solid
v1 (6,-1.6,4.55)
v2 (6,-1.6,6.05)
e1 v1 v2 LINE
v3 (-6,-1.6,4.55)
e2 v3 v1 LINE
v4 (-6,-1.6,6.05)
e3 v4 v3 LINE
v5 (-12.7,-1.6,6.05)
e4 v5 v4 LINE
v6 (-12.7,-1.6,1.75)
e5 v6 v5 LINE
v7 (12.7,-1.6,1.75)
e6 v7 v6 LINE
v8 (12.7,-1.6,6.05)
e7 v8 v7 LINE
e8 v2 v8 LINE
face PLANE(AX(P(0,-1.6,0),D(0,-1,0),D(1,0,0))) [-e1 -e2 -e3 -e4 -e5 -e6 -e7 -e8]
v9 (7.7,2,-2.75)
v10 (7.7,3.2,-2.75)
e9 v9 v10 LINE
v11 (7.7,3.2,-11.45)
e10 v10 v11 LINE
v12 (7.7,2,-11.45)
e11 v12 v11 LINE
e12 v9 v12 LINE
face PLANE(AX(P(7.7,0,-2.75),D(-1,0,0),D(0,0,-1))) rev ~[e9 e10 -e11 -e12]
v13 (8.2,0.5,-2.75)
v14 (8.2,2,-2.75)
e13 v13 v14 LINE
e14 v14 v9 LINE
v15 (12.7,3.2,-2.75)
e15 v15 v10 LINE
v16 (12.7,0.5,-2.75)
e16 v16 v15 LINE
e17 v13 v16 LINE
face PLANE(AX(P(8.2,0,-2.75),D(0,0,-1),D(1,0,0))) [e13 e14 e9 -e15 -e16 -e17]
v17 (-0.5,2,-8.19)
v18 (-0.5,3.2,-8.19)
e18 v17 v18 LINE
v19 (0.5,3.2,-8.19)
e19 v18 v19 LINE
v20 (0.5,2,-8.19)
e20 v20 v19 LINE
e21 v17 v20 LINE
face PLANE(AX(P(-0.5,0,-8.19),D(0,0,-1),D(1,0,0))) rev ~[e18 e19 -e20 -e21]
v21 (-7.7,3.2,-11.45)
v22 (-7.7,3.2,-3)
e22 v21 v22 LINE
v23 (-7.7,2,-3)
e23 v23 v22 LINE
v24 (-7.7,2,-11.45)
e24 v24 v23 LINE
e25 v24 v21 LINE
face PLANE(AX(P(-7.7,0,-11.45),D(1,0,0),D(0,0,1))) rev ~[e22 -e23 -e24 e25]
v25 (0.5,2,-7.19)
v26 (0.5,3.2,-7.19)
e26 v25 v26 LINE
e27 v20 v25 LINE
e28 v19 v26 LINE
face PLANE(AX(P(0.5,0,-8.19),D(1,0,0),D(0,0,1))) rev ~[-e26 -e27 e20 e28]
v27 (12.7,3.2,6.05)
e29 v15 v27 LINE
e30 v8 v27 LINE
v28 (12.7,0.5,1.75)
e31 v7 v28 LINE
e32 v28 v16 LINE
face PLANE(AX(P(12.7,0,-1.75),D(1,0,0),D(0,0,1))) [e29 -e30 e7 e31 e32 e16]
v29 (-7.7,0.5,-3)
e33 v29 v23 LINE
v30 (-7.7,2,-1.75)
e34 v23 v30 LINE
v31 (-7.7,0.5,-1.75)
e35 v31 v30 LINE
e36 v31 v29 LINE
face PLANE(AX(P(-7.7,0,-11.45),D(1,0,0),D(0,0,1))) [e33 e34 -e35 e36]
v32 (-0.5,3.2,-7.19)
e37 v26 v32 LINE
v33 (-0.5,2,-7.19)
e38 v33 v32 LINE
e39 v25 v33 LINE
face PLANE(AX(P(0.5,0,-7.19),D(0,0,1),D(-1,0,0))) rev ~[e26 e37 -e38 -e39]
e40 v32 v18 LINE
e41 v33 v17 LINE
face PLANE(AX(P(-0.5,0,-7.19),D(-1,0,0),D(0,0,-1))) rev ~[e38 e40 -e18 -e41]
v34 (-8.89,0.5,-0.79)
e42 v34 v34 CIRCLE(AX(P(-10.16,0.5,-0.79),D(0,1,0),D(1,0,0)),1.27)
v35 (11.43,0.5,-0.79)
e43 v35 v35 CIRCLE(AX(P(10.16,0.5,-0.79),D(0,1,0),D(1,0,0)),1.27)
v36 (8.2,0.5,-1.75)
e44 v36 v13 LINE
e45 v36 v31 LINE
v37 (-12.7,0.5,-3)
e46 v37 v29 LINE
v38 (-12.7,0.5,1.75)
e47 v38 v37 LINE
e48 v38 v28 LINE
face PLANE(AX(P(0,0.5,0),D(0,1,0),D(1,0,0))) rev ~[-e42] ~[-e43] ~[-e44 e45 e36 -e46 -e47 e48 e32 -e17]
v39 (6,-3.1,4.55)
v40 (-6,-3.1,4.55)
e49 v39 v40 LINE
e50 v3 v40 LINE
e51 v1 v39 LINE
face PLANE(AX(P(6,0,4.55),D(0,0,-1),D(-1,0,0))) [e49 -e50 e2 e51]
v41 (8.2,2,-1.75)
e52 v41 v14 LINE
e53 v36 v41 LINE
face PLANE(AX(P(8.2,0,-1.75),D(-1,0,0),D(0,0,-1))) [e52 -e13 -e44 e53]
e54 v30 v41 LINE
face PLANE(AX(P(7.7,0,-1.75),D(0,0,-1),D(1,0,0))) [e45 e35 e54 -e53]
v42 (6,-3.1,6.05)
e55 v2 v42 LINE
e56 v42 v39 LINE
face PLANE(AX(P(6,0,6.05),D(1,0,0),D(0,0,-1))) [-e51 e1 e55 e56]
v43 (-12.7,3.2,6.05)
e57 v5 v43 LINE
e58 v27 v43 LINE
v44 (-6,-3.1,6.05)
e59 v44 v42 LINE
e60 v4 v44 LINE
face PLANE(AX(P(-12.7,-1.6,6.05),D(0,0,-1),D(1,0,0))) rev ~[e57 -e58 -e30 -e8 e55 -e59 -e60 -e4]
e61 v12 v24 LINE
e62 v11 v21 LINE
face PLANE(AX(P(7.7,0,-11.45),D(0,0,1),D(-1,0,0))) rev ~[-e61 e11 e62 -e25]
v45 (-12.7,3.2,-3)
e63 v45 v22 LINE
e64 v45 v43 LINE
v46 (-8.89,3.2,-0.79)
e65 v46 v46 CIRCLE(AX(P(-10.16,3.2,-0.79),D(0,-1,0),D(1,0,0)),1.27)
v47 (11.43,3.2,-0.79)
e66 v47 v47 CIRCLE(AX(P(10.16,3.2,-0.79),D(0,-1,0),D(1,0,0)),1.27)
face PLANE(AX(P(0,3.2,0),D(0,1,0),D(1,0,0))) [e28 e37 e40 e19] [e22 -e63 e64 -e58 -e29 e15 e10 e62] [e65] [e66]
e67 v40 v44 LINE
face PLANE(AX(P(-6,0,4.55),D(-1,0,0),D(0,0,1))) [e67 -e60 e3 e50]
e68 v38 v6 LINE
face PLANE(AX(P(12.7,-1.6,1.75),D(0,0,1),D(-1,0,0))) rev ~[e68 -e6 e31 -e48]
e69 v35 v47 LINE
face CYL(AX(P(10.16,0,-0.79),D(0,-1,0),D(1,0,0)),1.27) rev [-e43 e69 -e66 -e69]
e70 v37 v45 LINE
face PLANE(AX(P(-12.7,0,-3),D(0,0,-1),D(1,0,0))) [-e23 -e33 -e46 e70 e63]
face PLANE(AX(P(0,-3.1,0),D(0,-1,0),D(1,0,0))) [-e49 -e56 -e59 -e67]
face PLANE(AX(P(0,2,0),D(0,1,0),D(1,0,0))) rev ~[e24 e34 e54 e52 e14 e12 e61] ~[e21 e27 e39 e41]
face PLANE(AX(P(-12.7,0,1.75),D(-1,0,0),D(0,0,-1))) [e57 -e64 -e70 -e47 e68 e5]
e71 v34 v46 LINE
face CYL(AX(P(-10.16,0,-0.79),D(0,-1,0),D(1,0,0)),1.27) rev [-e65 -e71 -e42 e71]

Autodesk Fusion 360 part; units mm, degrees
sketch "board contact" plane through (0, 0, 0) normal (0, 1, 0) x (1, 0, 0)
  line L0 (12.7, -1.75) -> (-12.7, -1.75)
  line L1 (-12.7, -1.75) -> (-12.7, 1.75)
  line L2 (-12.7, 1.75) -> (12.7, 1.75)
  line L3 (12.7, 1.75) -> (12.7, -1.75)
  line L4 (61.7395, 0) -> (-97.655, 0) construction
  line L5 (0, -60.5274) -> (0, 48.7233) construction
  line L6 (8.2, 2.75) -> (12.7, 2.75)
  line L7 (12.7, 2.75) -> (12.7, 1.75)
  line L8 (12.7, 1.75) -> (8.2, 1.75)
  line L9 (8.2, 1.75) -> (8.2, 2.75)
  line L10 (-12.7, 3) -> (2.45, 3)
  line L11 (2.45, 3) -> (2.45, 1.75)
  line L12 (2.45, 1.75) -> (-12.7, 1.75)
  line L13 (-12.7, 1.75) -> (-12.7, 3)
  circle A0 centre (10.16, 0.79) radius 1.27
  circle A1 centre (-10.16, 0.79) radius 1.27
  line L14 (-10.16, 0.79) -> (10.16, 0.79) construction
  line L15 (2.45, 9.25) -> (-1.95, 9.25)
  line L16 (-1.95, 9.25) -> (-1.95, 3)
  line L17 (-1.95, 3) -> (2.45, 3)
  line L18 (2.45, 3) -> (2.45, 9.25)
  line L19 (0.5, 7.19) -> (-0.5, 7.19)
  line L20 (-0.5, 7.19) -> (-0.5, 8.19)
  line L21 (-0.5, 8.19) -> (0.5, 8.19)
  line L22 (0.5, 8.19) -> (0.5, 7.19)
  line L23 (7.7, 11.45) -> (-7.7, 11.45)
  line L24 (-7.7, 11.45) -> (-7.7, -1.75)
  line L25 (-7.7, -1.75) -> (7.7, -1.75)
  line L26 (7.7, -1.75) -> (7.7, 11.45)
  line L27 (8.2, 2.75) -> (7.7, 2.75)
  line L28 (-0.5, 7.69) -> (0.5, 7.69) construction
  dimension "d1" = 3.5
  dimension "d2" = 25.4
  dimension "d3" = 4.5
  dimension "d4" = 4.5
  dimension "d7" = 4.75
  dimension "d10" = 20.32
  dimension "d11" = 2.54
  dimension "d12" = 2.54
  dimension "d13" = 10.25
  dimension "d14" = 10.75
  dimension "d15" = 11
  dimension "d17" = 1
  dimension "d18" = 1
  dimension "d20" = 5
  dimension "d21" = 5
  dimension "d22" = 13.2
  dimension "d39" = 9.44
extrude "Extrude1" add sketch "board contact" along normal blind 3.2 contours L0 L2 L3 L8 A0 L26 | L0 L2 L12 L24 L25 L26 | L2 L6 L7 L8 L9 A0 | L0 L1 L2 L12 A1 L24 | L2 L9 L26 L27 | L2 L10 L11 L15 L16 L18 L23 L24 L26 | L2 L10 L11 L12 L17 L24 | L2 L10 L12 L13 A1 L24 | L10 L15 L16 L17 L18
extrude "Extrude2" cut sketch "board contact" along normal blind 2 contours L2 L9 L26 L27 | L2 L10 L11 L15 L16 L18 L23 L24 L26 | L2 L10 L11 L12 L17 L24 | L10 L15 L16 L17 L18
sketch "vertical extension" plane through (0, 0, 0) normal (0, -1, 0) x (1, 0, 0)
  line L0 (-12.7, -3) -> (-7.7, -3)
  line L1 (-7.7, -1.75) -> (8.2, -1.75)
  line L2 (8.2, -1.75) -> (8.2, -2.75)
  line L3 (8.2, -2.75) -> (12.7, -2.75)
  line L4 (12.7, -2.75) -> (12.7, 1.75)
  line L5 (12.7, 1.75) -> (-12.7, 1.75)
  line L6 (-12.7, 1.75) -> (-12.7, -3)
  circle A0 centre (10.16, -0.79) radius 1.27
  circle A1 centre (-10.16, -0.79) radius 1.27
  line L7 (-6, 6.05) -> (6, 6.05)
  line L8 (6, 6.05) -> (6, 4.55)
  line L9 (6, 4.55) -> (-6, 4.55)
  line L10 (-6, 4.55) -> (-6, 6.05)
  line L11 (0, 1.75) -> (0, -6.45) construction
  line L12 (-12.7, 6.05) -> (12.7, 6.05)
  line L13 (12.7, 6.05) -> (12.7, 1.75)
  line L14 (12.7, 1.75) -> (-12.7, 1.75)
  line L15 (-12.7, 1.75) -> (-12.7, 6.05)
  line L16 (-7.7, -3) -> (-7.7, -1.75)
  dimension "d25" = 12
  dimension "d26" = 1.5
  dimension "d29" = 4.3
extrude "Extrude4" add sketch "vertical extension" along normal blind -3.2 and the other way blind -1.6 contours L5 L8 L9 L10 L12 L13 L14 L15 | L7 L8 L9 L10 L12
extrude "Extrude3" add sketch "vertical extension" along normal blind 3.1 contours L7 L8 L9 L10 L12
extrude "Extrude6" cut 1 faces at (-2.5667, 0, -0.6331) along direction (0, 1, 0) blind 0.5
